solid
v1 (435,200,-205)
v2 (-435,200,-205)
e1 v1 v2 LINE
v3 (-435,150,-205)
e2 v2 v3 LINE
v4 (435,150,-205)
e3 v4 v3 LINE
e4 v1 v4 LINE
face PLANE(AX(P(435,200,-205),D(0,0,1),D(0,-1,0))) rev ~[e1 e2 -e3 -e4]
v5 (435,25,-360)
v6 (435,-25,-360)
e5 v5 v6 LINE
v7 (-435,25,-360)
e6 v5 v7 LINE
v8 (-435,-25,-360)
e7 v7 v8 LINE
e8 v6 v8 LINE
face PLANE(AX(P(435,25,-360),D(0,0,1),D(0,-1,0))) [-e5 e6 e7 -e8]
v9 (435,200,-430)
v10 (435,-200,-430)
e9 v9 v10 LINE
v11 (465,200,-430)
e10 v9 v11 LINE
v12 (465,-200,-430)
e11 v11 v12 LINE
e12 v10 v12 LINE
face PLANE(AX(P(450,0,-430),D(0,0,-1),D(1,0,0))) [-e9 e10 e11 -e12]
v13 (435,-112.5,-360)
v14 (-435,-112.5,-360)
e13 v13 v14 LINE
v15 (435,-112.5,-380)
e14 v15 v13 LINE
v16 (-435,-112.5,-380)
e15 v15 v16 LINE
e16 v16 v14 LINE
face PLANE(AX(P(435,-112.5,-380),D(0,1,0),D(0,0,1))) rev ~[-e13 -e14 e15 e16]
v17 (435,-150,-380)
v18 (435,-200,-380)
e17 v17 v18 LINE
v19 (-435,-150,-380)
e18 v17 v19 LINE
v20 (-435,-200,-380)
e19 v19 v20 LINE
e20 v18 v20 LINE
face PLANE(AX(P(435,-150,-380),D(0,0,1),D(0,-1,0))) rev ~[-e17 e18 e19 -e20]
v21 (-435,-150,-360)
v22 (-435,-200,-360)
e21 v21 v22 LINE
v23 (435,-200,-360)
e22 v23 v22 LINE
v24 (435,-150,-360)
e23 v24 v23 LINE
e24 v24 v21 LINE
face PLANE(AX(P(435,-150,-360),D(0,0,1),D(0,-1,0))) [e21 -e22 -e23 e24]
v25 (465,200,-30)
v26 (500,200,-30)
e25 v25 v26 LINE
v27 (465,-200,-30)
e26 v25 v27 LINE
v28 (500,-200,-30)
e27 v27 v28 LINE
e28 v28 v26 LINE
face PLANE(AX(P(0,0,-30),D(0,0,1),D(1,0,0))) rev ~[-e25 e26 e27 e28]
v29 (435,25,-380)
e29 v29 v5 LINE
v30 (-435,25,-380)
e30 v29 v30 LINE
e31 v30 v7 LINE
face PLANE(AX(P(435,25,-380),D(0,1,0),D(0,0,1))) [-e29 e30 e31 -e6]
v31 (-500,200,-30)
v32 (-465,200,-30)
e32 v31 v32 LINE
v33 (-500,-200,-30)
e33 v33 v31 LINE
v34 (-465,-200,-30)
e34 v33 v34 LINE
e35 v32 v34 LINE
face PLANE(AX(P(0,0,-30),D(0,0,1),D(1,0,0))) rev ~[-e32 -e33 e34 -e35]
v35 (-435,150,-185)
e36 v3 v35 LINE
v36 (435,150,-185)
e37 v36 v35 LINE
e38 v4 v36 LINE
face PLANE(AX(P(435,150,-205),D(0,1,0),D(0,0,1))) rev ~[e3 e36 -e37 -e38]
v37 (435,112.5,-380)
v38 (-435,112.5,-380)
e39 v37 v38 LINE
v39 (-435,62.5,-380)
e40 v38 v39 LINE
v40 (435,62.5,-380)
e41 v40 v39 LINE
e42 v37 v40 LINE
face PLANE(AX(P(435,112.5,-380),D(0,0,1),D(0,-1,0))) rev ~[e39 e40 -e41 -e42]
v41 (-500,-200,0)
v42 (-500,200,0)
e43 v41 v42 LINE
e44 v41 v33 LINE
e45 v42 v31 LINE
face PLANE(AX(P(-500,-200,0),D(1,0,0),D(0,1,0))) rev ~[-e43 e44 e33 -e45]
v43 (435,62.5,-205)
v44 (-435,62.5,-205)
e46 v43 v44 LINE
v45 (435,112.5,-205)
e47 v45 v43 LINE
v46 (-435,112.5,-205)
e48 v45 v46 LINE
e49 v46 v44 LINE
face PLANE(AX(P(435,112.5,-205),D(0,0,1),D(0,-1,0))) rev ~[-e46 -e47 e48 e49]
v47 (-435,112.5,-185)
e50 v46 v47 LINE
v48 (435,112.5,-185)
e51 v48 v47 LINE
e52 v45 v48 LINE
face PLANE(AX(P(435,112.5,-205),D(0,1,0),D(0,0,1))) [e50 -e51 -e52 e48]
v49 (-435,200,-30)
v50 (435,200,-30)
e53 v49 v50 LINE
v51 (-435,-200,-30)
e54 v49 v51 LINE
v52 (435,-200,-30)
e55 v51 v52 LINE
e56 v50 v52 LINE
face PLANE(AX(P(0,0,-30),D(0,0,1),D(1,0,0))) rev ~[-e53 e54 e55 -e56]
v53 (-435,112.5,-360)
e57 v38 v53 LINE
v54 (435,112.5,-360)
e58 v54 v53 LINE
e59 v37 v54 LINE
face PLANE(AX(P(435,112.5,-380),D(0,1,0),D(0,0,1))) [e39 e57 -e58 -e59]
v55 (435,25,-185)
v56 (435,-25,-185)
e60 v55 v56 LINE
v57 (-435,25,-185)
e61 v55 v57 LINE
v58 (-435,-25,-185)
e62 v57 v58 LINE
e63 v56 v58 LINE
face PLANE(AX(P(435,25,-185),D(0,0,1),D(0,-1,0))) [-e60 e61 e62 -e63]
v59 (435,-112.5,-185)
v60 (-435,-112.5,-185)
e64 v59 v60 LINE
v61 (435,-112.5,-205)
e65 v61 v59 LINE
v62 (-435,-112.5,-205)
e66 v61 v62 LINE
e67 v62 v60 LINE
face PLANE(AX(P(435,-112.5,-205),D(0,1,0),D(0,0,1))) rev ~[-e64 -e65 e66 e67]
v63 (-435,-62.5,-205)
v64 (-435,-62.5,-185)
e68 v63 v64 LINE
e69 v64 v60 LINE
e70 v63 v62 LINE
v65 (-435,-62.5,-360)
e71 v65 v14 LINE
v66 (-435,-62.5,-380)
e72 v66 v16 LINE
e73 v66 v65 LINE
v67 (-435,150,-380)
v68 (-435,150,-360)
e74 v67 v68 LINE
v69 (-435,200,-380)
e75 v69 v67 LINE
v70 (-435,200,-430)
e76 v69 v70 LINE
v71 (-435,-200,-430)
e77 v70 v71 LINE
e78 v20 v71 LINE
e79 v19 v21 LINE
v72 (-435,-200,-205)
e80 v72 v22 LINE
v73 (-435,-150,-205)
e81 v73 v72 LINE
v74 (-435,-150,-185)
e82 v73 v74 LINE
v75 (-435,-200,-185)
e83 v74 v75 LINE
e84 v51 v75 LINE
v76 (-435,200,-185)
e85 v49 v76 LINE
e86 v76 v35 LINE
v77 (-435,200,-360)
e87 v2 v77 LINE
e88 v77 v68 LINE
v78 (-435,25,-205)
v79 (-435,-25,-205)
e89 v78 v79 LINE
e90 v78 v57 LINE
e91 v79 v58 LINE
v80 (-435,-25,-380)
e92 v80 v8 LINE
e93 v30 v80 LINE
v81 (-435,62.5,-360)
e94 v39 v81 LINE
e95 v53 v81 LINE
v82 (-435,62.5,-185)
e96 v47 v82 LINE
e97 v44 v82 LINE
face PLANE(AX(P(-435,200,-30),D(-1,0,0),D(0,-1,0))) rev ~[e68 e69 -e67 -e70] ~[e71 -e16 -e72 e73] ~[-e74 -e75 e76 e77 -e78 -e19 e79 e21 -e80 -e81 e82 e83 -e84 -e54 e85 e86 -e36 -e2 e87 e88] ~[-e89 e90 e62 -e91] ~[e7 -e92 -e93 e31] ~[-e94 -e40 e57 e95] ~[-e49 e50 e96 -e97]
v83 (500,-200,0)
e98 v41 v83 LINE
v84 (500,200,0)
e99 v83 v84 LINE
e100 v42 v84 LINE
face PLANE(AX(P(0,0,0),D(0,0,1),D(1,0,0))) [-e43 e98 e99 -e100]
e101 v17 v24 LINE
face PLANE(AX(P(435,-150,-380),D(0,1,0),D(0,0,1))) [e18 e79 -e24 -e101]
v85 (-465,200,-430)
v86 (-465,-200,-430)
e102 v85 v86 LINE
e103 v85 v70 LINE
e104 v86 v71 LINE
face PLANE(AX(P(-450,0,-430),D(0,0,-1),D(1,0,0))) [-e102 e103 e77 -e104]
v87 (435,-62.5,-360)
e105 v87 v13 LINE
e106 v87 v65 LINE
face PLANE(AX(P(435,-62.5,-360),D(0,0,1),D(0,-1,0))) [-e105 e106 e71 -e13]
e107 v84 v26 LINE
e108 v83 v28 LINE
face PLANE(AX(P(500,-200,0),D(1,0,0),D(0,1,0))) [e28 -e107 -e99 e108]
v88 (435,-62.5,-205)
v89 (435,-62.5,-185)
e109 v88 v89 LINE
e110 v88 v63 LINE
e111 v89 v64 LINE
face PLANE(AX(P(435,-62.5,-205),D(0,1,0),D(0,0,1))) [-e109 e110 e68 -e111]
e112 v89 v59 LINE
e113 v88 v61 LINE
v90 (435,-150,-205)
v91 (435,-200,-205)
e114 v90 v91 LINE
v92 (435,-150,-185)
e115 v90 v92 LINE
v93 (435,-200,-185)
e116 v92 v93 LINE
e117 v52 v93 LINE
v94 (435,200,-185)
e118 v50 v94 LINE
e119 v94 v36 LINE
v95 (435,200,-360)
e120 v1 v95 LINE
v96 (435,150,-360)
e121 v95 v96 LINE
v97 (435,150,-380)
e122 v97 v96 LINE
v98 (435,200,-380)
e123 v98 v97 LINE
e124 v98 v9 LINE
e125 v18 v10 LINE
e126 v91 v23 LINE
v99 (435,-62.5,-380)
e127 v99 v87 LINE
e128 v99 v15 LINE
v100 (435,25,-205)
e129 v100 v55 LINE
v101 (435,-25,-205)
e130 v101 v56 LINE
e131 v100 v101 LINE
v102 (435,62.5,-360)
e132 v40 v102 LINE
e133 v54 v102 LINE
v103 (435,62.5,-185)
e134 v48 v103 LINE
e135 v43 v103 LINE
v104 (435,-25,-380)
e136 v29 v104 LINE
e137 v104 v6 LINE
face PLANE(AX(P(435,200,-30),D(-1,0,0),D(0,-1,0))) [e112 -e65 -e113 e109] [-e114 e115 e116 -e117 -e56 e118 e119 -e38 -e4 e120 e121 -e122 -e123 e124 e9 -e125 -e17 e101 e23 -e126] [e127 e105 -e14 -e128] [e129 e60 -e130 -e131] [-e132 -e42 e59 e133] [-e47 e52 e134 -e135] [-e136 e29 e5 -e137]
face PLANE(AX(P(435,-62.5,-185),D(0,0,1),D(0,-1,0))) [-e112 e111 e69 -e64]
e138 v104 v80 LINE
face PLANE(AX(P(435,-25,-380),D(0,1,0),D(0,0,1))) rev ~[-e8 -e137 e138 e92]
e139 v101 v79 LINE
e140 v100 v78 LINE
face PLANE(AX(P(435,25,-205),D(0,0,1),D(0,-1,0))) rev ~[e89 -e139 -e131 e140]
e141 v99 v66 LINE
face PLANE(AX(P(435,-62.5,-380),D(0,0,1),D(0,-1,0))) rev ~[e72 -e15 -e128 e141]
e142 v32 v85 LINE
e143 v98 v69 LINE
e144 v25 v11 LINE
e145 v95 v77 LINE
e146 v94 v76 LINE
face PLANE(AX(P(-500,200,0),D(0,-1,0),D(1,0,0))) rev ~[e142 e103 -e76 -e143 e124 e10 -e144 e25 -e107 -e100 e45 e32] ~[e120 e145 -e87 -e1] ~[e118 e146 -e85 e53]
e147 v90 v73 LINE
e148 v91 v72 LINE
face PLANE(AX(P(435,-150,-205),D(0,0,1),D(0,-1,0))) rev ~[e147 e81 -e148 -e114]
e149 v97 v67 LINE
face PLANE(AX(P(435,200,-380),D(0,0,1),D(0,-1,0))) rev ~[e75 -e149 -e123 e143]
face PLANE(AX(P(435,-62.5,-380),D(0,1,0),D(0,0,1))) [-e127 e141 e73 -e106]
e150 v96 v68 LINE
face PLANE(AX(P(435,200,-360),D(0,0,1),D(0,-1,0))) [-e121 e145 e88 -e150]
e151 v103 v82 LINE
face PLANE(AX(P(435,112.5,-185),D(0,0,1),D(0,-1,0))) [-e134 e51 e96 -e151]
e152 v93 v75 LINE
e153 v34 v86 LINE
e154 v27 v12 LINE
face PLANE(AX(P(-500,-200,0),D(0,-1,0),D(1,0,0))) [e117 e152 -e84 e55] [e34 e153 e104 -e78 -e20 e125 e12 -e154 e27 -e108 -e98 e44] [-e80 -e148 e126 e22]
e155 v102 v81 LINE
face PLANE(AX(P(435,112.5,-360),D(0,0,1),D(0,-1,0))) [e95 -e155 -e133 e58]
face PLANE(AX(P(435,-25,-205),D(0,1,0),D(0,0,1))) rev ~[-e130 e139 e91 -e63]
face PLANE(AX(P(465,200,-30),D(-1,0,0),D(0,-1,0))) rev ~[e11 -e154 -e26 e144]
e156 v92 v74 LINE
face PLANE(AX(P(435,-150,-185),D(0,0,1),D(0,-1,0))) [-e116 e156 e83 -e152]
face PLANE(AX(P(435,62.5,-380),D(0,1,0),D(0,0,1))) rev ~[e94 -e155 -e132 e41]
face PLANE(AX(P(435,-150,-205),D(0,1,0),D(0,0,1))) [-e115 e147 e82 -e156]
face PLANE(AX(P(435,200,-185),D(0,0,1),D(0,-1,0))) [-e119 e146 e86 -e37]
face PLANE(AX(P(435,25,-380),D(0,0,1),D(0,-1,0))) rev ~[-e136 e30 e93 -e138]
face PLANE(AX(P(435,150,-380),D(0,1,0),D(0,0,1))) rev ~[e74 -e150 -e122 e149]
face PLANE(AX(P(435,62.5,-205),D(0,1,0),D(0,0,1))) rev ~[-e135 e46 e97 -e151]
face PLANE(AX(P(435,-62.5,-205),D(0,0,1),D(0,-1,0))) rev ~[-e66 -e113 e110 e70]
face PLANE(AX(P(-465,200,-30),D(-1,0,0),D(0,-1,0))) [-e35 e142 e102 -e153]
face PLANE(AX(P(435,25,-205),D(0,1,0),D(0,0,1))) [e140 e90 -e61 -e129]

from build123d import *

# Parameters (mm, degrees)
F0_W     = 1000
F0_H     = 400
F1_DEPTH = 30
F2_W     = 30
F2_H     = 400
F3_DEPTH = 400
F4_W     = 50
F4_H     = 20
F5_DEPTH = 870


with BuildPart() as f1:
    # F0 (on Top) → F1 (new body)
    with BuildSketch(Plane.XY):
        Rectangle(F0_W, F0_H)
    extrude(amount=-F1_DEPTH)

    # F2 (on face) → F3 (join)
    with BuildSketch(Plane(origin=(0, 0, -30), x_dir=(1, 0, 0), z_dir=(0, 0, -1))):
        with Locations((-450, 0)):
            Rectangle(F2_W, F2_H)
        with Locations((450, 0)):
            Rectangle(F2_W, F2_H)
    extrude(amount=F3_DEPTH)

    # F4 (on face) → F5 (join, through all)
    with BuildSketch(Plane(origin=(435, 0, 0), x_dir=(0, -1, 0), z_dir=(-1, 0, 0))):
        with Locations((-175, -195)):
            Rectangle(F4_W, F4_H)
        with Locations((-87.5, -195)):
            Rectangle(F4_W, F4_H)
        with Locations((0, -195)):
            Rectangle(F4_W, F4_H)
        with Locations((87.5, -195)):
            Rectangle(F4_W, F4_H)
        with Locations((175, -195)):
            Rectangle(F4_W, F4_H)
        with Locations((175, -370)):
            Rectangle(F4_W, F4_H)
        with Locations((87.5, -370)):
            Rectangle(F4_W, F4_H)
        with Locations((0, -370)):
            Rectangle(F4_W, F4_H)
        with Locations((-87.5, -370)):
            Rectangle(F4_W, F4_H)
        with Locations((-175, -370)):
            Rectangle(F4_W, F4_H)
    extrude(amount=F5_DEPTH)


solid = f1.part
